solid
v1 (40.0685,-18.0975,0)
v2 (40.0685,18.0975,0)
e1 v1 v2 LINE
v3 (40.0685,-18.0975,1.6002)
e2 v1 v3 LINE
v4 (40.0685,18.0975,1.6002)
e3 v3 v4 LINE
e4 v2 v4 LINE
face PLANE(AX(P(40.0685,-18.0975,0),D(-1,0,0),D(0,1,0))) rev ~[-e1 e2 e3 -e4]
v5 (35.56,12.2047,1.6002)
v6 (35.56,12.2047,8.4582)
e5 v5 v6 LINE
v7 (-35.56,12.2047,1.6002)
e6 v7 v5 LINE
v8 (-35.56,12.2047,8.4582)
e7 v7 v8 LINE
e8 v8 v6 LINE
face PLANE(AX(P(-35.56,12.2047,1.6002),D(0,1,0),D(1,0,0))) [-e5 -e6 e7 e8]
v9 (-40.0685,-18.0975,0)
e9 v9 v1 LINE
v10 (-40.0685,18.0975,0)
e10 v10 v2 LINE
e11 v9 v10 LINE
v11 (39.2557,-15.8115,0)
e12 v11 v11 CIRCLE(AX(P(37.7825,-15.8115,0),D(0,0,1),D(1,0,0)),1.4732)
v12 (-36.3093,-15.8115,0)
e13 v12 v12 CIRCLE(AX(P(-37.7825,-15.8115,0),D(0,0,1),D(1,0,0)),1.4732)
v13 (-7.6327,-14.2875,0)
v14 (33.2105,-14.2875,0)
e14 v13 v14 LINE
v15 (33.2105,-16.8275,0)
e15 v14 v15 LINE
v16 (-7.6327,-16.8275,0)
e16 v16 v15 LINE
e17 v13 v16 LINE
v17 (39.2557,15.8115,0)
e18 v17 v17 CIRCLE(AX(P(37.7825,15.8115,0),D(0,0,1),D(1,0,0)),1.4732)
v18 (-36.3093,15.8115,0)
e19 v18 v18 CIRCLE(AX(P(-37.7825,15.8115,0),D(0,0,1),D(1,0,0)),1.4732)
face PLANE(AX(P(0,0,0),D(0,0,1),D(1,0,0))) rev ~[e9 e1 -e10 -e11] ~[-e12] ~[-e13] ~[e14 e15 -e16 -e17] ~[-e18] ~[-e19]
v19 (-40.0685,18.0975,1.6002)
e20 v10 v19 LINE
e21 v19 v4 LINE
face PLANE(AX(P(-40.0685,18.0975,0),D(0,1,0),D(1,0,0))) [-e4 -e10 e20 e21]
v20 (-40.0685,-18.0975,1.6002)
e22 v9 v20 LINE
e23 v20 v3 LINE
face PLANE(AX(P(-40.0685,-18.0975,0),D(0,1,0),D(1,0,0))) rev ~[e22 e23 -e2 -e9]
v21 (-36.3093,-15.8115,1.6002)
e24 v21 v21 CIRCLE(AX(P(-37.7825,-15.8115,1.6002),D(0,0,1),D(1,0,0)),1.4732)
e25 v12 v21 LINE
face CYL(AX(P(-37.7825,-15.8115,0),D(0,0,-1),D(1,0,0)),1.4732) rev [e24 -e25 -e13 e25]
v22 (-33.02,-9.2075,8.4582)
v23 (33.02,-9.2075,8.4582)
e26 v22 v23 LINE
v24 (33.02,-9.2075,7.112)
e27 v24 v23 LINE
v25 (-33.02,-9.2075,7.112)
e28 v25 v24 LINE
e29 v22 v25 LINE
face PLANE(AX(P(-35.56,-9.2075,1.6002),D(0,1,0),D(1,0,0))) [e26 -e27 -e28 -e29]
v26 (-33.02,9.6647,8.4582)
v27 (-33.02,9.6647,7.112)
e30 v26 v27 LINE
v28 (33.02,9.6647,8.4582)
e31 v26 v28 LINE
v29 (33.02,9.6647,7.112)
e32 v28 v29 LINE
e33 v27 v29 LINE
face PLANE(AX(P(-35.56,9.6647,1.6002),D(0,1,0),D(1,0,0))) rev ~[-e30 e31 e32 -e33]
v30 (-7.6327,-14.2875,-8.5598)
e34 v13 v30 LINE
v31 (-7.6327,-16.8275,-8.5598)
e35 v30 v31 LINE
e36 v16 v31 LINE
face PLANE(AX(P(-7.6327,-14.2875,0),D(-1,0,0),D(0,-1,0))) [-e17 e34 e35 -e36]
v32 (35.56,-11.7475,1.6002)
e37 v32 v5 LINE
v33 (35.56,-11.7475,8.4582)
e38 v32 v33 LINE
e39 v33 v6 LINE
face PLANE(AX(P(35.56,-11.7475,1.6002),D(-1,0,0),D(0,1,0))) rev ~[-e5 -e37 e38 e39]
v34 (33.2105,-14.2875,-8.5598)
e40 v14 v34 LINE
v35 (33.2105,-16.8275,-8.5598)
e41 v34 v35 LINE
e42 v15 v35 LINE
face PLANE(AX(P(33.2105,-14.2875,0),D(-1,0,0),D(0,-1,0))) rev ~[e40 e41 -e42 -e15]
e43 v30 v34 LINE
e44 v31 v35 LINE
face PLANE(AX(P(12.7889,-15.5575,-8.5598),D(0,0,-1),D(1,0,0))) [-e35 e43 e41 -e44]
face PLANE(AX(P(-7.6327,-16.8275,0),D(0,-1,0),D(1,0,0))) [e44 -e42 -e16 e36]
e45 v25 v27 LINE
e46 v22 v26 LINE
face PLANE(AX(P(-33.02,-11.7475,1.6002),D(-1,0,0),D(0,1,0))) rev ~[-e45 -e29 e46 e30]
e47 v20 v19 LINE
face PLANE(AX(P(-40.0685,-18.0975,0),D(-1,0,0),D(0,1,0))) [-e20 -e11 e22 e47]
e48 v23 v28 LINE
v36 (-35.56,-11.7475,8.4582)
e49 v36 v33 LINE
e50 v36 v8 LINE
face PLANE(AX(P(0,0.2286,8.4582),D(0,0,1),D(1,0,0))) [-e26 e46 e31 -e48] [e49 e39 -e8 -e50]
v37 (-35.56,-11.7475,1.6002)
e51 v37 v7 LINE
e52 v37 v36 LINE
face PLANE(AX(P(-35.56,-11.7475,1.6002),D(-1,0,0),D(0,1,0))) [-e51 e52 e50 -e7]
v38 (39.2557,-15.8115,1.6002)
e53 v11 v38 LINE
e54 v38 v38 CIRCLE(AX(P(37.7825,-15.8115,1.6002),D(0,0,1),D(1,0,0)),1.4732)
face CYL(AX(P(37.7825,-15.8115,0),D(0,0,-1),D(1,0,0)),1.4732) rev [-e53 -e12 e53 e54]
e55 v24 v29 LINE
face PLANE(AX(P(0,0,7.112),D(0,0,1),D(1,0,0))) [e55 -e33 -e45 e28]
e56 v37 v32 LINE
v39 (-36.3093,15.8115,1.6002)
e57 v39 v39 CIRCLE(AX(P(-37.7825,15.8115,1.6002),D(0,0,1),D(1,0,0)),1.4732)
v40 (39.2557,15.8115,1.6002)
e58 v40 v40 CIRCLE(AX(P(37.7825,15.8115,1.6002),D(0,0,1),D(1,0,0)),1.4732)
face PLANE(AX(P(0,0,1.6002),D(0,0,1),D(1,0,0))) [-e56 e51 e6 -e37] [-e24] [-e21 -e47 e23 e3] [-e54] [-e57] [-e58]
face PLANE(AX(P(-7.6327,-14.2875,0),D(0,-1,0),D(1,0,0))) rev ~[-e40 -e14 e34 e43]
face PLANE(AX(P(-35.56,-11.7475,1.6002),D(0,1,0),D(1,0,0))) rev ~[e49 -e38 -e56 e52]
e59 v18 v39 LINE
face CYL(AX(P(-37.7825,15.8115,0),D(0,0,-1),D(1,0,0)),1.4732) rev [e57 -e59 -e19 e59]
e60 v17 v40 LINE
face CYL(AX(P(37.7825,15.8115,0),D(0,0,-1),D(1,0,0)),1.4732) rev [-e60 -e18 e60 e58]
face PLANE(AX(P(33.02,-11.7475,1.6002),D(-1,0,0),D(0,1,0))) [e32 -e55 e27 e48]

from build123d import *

# Parameters (mm, degrees)
F0_W     = 80.137
F0_H     = 36.195
F0_R     = 1.4732
F1_DEPTH = 1.6002
F2_W     = 71.12
F2_H     = 23.9522
F3_DEPTH = 6.858
F4_T     = -2.54
F5_DEPTH = 4.572
F6_W     = 40.8432
F6_H     = 2.54
F7_DEPTH = 8.5598


with BuildPart() as f1:
    # F0 (on Top) → F1 (new body)
    with BuildSketch(Plane.XY):
        Rectangle(F0_W, F0_H)
        with Locations((-37.7825, -15.8115)):
            Circle(F0_R, mode=Mode.SUBTRACT)
        with Locations((37.7825, -15.8115)):
            Circle(F0_R, mode=Mode.SUBTRACT)
        with Locations((-37.7825, 15.8115)):
            Circle(F0_R, mode=Mode.SUBTRACT)
        with Locations((37.7825, 15.8115)):
            Circle(F0_R, mode=Mode.SUBTRACT)
    extrude(amount=F1_DEPTH)

    # F2 (on face) → F3 (join)
    with BuildSketch(Plane.XY.offset(1.6002)):
        with Locations((0, 0.2286)):
            Rectangle(F2_W, F2_H)
    extrude(amount=F3_DEPTH)

    # F4
    f4_openings = [f1.faces().sort_by_distance(p)[0] for p in [
        (0, 0.2286, 8.4582),
    ]]
    offset(amount=F4_T, openings=f4_openings)

    # F5 (add): a face of the model
    f5_faces = [f1.faces().sort_by_distance(p)[0] for p in [
        (0, 0.2286, 2.54),
    ]]
    extrude(f5_faces, amount=F5_DEPTH)

    # F6 (on face) → F7 (join)
    with BuildSketch(Plane(origin=(0, 0, 0), x_dir=(1, 0, 0), z_dir=(0, 0, -1))):
        with Locations((12.7889, 15.5575)):
            Rectangle(F6_W, F6_H)
    extrude(amount=F7_DEPTH)


solid = f1.part
